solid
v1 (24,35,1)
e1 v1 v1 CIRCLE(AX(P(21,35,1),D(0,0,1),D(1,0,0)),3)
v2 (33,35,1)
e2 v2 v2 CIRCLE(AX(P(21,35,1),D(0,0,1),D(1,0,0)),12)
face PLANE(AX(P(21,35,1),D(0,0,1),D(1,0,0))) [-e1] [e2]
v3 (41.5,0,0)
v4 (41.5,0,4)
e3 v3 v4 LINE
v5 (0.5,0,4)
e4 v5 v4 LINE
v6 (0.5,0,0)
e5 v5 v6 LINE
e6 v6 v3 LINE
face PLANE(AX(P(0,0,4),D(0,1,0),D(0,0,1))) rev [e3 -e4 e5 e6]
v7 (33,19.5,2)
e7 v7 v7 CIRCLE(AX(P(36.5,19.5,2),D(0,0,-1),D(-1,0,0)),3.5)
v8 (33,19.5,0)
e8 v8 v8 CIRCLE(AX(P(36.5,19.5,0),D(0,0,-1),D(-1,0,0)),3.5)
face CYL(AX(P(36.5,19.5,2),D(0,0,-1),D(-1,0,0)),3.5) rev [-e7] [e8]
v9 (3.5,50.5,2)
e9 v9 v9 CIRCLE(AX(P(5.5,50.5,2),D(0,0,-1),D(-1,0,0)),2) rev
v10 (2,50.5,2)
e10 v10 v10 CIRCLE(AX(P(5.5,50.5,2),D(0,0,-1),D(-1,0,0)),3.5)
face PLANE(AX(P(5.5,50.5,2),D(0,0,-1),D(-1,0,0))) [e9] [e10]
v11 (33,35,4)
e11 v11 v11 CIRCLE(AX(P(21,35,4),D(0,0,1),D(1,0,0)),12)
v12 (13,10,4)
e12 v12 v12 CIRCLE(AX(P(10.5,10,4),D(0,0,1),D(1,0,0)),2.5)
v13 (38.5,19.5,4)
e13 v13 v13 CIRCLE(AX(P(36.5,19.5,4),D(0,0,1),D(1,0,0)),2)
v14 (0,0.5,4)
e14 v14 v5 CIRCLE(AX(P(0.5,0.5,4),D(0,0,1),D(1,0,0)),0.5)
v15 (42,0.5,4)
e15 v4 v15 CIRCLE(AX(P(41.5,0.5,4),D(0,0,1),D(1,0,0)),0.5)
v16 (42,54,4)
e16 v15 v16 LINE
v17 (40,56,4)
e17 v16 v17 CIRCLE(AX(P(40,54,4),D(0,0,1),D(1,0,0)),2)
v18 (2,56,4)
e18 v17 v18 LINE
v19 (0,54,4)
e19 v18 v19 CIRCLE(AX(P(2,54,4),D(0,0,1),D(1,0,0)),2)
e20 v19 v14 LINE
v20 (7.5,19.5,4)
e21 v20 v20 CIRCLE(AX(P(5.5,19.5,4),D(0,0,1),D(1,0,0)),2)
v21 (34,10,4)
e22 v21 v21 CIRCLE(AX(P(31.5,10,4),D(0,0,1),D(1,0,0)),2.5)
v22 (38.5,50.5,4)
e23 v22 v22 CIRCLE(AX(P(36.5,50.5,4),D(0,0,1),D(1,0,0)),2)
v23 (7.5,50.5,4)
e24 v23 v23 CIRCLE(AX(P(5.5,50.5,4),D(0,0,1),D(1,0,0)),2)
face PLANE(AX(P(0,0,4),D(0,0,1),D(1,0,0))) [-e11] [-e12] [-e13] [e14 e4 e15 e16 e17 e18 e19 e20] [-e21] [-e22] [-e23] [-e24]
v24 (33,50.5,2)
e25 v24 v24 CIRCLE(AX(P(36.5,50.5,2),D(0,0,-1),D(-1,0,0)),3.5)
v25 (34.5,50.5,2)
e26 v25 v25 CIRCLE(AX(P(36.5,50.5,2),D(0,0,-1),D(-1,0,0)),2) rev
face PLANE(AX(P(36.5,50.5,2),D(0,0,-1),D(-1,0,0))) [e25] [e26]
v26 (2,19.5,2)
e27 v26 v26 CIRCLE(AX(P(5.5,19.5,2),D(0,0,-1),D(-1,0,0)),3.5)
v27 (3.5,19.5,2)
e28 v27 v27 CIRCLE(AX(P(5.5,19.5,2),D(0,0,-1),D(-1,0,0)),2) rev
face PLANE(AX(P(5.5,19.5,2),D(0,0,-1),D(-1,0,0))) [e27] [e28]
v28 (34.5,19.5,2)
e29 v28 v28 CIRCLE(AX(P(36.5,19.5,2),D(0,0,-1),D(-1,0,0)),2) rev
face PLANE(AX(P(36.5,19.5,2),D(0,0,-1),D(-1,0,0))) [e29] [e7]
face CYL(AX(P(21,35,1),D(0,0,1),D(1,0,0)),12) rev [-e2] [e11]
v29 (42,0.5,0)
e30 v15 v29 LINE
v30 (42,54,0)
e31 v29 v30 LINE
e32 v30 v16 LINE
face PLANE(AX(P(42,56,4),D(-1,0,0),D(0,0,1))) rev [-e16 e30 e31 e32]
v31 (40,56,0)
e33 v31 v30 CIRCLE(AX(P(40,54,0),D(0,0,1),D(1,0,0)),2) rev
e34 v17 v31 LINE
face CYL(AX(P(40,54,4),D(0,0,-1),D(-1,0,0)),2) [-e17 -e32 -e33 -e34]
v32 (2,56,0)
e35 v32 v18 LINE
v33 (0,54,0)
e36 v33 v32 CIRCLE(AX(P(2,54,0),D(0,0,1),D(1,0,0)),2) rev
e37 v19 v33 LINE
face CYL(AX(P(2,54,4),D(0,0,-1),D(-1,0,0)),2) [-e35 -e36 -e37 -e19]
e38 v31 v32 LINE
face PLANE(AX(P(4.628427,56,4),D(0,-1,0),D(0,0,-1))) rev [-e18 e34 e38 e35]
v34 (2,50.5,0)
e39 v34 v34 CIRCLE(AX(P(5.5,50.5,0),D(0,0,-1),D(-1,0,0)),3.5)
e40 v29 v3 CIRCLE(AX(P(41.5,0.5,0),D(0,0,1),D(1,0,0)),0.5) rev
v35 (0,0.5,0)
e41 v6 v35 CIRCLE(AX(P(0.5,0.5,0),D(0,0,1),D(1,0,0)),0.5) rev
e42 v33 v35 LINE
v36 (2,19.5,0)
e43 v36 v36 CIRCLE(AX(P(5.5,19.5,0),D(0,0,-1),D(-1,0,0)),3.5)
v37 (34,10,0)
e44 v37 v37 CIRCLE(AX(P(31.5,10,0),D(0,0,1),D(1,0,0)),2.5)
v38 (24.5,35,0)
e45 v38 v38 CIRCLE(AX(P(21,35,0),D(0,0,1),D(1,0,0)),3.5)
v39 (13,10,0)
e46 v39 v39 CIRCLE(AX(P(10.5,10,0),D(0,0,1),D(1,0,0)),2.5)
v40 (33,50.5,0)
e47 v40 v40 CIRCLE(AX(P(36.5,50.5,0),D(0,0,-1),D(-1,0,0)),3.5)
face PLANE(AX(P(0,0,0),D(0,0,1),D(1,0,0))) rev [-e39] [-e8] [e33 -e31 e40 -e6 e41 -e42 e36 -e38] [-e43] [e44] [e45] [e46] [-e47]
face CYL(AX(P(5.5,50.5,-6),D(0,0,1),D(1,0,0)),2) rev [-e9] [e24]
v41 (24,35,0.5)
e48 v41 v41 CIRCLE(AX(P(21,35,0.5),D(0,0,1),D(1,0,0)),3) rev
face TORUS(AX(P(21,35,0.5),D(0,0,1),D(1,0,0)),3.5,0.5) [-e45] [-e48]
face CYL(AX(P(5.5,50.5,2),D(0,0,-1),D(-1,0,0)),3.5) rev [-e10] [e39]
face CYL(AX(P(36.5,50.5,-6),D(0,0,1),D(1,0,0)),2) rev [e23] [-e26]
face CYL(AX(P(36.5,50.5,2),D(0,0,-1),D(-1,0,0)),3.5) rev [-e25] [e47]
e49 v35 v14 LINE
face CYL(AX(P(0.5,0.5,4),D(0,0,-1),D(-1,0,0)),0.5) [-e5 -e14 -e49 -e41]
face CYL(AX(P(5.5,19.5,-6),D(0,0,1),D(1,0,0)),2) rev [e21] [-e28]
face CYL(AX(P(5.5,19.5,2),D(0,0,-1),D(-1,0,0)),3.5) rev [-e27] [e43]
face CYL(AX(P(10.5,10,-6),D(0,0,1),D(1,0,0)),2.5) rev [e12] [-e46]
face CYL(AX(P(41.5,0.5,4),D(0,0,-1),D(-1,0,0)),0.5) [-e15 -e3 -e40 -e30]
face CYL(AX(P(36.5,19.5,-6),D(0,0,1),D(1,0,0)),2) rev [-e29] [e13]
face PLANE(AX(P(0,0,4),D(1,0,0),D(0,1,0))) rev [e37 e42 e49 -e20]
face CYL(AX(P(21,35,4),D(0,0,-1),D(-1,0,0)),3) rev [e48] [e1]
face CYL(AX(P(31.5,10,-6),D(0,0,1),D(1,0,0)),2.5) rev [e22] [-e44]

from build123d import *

# Parameters (mm, degrees)
SKETCH1_R           = 2.999999999
BOSS_EXTRUDE1_DEPTH = 4
SKETCH5_R           = 12
CUT_EXTRUDE1_DEPTH  = 3
FILLET1_R           = 2
FILLET2_R           = 0.5
FILLET3_R           = 0.5
SKETCH6_R           = 2.5
CUT_EXTRUDE2_DEPTH  = 10
SKETCH7_R           = 2
CUT_EXTRUDE3_DEPTH  = 10
SKETCH8_R           = 3.5
CUT_EXTRUDE4_DEPTH  = 2


with BuildPart() as part:
    # Sketch1 → Boss-Extrude1 (new body)
    with BuildSketch(Plane.XY):
        Polygon((0, 0), (42, 0), (42, 51.371572875), (42, 56), (37.371572875, 56), (4.628427125, 56), (0, 56), align=None)
        with Locations((21, 35)):
            Circle(SKETCH1_R, mode=Mode.SUBTRACT)
    extrude(amount=BOSS_EXTRUDE1_DEPTH)

    # Sketch5 → Cut-Extrude1 (cut)
    with BuildSketch(Plane.XY.offset(4)):
        with Locations((21, 35)):
            Circle(SKETCH5_R)
    extrude(amount=-CUT_EXTRUDE1_DEPTH, mode=Mode.SUBTRACT)

    # Fillet1
    fillet1_edges = [part.edges().sort_by_distance(p)[0] for p in [
        (0, 56, 2),
        (42, 56, 2),
    ]]
    fillet(fillet1_edges, radius=FILLET1_R)

    # Fillet2
    fillet2_edges = [part.edges().sort_by_distance(p)[0] for p in [
        (42, 0, 2),
        (0, 0, 2),
    ]]
    fillet(fillet2_edges, radius=FILLET2_R)

    # Fillet3
    fillet3_edges = [part.edges().sort_by_distance(p)[0] for p in [
        (18.000000001, 35, 0),
    ]]
    fillet(fillet3_edges, radius=FILLET3_R)

    # Sketch6 → Cut-Extrude2 (cut)
    with BuildSketch(Plane.XY.offset(4)):
        with Locations((10.5, 10)):
            Circle(SKETCH6_R)
        with Locations((31.5, 10)):
            Circle(SKETCH6_R)
    extrude(amount=-CUT_EXTRUDE2_DEPTH, mode=Mode.SUBTRACT)

    # Sketch7 → Cut-Extrude3 (cut)
    with BuildSketch(Plane.XY.offset(4)):
        with Locations((5.5, 50.5)):
            Circle(SKETCH7_R)
        with Locations((5.5, 19.5)):
            Circle(SKETCH7_R)
        with Locations((36.5, 19.5)):
            Circle(SKETCH7_R)
        with Locations((36.5, 50.5)):
            Circle(SKETCH7_R)
    extrude(amount=-CUT_EXTRUDE3_DEPTH, mode=Mode.SUBTRACT)

    # Sketch8 → Cut-Extrude4 (cut)
    with BuildSketch(Plane(origin=(0, 0, 0), x_dir=(-1, 0, 0), z_dir=(0, 0, -1))):
        with Locations((-36.5, 50.5)):
            Circle(SKETCH8_R)
        with Locations((-36.5, 19.5)):
            Circle(SKETCH8_R)
        with Locations((-5.5, 19.5)):
            Circle(SKETCH8_R)
        with Locations((-5.5, 50.5)):
            Circle(SKETCH8_R)
    extrude(amount=-CUT_EXTRUDE4_DEPTH, mode=Mode.SUBTRACT)


solid = part.part
